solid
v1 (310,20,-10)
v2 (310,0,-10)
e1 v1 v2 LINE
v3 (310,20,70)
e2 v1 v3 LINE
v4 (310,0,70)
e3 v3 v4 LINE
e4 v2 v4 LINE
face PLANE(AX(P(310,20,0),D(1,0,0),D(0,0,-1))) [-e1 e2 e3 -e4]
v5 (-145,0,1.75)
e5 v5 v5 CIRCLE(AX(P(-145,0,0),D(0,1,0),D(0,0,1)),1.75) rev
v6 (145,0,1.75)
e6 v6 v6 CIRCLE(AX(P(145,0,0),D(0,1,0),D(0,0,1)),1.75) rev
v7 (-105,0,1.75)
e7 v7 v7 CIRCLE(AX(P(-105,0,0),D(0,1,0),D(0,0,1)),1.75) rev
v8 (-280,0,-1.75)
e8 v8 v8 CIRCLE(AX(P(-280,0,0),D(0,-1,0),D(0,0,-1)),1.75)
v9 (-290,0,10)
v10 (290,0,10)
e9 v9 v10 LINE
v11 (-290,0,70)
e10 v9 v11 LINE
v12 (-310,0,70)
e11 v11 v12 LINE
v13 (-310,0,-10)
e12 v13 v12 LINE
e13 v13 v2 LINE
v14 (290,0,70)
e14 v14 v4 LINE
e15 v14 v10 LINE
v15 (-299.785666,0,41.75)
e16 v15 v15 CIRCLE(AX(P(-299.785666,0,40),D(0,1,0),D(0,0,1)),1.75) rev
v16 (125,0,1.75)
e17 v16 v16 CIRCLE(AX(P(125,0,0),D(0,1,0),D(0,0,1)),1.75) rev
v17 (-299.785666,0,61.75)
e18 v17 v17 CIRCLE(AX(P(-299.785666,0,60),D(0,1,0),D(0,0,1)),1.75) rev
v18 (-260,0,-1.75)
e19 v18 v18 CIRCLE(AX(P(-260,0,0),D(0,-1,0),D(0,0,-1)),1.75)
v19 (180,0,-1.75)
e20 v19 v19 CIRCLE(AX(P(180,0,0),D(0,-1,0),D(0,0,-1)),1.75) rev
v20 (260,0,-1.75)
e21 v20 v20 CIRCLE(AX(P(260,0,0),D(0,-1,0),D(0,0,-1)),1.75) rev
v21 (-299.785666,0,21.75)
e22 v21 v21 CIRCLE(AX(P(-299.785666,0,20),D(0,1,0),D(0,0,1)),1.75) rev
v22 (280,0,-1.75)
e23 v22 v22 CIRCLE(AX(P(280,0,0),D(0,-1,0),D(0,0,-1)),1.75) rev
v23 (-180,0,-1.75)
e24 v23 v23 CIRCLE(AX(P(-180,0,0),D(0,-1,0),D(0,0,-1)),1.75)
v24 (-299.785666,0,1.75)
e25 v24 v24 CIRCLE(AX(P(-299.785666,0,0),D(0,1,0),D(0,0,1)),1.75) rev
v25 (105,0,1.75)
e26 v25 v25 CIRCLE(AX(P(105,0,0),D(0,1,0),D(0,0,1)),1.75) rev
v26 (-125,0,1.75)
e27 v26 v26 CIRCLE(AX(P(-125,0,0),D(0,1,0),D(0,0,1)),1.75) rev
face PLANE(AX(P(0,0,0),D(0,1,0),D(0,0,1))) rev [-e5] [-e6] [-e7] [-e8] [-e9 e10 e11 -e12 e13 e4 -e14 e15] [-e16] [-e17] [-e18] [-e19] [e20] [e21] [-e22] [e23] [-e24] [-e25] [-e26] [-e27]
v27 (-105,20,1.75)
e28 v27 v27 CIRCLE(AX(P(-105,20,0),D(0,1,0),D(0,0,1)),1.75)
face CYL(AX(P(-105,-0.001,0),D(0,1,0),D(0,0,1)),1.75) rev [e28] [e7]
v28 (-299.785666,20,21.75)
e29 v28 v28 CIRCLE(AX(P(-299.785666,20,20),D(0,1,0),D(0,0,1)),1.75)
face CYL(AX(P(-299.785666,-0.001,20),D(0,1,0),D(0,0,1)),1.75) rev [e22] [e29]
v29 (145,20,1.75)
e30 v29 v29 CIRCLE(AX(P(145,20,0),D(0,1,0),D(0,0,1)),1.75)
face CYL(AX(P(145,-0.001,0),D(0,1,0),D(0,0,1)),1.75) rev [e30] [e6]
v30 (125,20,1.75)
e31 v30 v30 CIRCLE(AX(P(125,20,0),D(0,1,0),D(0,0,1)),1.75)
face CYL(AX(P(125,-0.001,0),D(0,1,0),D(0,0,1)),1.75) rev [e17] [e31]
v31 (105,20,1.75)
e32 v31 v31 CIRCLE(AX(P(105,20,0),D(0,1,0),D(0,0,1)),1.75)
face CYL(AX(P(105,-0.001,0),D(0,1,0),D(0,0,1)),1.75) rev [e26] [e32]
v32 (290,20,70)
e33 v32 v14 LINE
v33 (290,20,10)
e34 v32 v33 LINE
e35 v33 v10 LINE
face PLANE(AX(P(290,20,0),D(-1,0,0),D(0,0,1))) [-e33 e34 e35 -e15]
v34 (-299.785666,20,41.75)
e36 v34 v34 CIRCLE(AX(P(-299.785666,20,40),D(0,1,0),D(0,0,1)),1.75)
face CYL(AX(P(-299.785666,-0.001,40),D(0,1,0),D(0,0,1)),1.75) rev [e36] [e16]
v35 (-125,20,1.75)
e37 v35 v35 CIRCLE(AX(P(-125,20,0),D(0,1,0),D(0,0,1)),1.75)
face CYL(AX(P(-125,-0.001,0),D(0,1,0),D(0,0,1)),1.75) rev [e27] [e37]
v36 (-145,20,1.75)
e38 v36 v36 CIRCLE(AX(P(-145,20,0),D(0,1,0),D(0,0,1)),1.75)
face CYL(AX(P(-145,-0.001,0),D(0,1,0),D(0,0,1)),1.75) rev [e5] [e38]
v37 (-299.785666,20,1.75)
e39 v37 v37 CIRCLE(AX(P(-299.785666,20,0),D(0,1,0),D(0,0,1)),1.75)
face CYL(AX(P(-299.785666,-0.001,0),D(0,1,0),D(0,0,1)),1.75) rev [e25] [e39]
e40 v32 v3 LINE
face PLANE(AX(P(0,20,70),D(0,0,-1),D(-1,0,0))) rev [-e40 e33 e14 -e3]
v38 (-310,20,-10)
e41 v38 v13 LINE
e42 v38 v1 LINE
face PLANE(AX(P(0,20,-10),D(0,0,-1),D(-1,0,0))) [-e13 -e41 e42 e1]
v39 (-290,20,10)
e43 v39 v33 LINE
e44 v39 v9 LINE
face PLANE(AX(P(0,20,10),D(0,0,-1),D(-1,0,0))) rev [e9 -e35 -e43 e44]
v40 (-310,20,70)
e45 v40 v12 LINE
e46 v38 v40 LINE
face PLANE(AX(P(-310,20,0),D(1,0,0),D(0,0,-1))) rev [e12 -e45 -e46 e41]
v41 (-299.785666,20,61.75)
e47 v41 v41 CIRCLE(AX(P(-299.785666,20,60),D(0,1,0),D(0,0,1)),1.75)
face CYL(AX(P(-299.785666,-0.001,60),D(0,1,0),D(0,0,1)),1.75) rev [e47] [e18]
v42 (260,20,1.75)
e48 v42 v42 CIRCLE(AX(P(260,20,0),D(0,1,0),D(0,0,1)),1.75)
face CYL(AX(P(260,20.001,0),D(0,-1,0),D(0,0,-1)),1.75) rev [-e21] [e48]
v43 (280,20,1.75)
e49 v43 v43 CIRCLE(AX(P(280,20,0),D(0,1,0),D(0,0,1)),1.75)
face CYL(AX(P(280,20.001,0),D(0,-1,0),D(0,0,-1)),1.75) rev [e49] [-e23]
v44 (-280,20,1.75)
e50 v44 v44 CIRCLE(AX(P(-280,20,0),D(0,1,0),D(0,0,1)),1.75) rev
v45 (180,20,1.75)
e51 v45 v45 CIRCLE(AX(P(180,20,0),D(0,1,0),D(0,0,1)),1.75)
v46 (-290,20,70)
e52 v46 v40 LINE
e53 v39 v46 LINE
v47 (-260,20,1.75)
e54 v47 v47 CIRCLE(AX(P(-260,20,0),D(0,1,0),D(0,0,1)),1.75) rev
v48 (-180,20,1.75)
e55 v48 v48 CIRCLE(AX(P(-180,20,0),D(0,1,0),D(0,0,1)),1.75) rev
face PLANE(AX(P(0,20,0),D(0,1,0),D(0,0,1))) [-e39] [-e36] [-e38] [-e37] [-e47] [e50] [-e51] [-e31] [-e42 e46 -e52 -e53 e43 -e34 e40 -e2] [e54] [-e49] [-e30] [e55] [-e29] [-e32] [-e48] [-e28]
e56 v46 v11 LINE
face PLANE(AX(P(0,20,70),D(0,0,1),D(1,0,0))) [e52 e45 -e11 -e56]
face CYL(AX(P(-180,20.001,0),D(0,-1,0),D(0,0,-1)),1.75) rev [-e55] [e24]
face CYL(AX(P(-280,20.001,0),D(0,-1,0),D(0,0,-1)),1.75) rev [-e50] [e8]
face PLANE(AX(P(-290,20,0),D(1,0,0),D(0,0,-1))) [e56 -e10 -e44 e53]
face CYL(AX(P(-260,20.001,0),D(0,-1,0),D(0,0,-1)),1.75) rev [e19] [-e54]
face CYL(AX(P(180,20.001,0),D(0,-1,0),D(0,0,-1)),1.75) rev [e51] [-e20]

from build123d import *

# Parameters (mm, degrees)
SKETCH_1_W          = 580
SKETCH_1_H          = 20
EXTRUDE_1_DEPTH     = 20
CUT_EXTRUDE_1_REACH = 320.434
SKETCH_2_R          = 1.75
CUT_EXTRUDE_2_REACH = 320.434
SKETCH_4_R          = 1.75
CUT_EXTRUDE_3_REACH = 320.434
SKETCH_3_R          = 1.75


with BuildPart() as part:
    # 草图1 → 凸台-拉伸1 (new body)
    with BuildSketch(Plane(origin=(0, 0, 0), x_dir=(1, 0, 0), z_dir=(0, 1, 0))):
        Rectangle(SKETCH_1_W, SKETCH_1_H)
        Polygon((-290, -70), (-290, -10), (-290, 10), (-310, 10), (-310, -70), align=None)
        Polygon((290, 10), (290, -10), (290, -70), (310, -70), (310, 10), align=None)
    extrude(amount=EXTRUDE_1_DEPTH)

    # 草图2 → 切除-拉伸1 (cut, up to next)
    with BuildSketch(Plane(origin=(0, 20, 0), x_dir=(1, 0, 0), z_dir=(0, 1, 0)), mode=Mode.PRIVATE) as cut_extrude_1_sk1:
        with Locations(Location((-299.785666285, -40, 0), (0, 0, 270))):
            Circle(SKETCH_2_R)
    cut_extrude_1_tool1 = extrude(cut_extrude_1_sk1.sketch, amount=-CUT_EXTRUDE_1_REACH, mode=Mode.PRIVATE) & part.part
    # 草图2 → 切除-拉伸1 (cut, up to next)
    with BuildSketch(Plane(origin=(0, 20, 0), x_dir=(1, 0, 0), z_dir=(0, 1, 0)), mode=Mode.PRIVATE) as cut_extrude_1_sk2:
        with Locations(Location((-299.785666285, -60, 0), (0, 0, 270))):
            Circle(SKETCH_2_R)
    cut_extrude_1_tool2 = extrude(cut_extrude_1_sk2.sketch, amount=-CUT_EXTRUDE_1_REACH, mode=Mode.PRIVATE) & part.part
    # 草图2 → 切除-拉伸1 (cut, up to next)
    with BuildSketch(Plane(origin=(0, 20, 0), x_dir=(1, 0, 0), z_dir=(0, 1, 0)), mode=Mode.PRIVATE) as cut_extrude_1_sk3:
        with Locations(Location((-299.785666285, -20, 0), (0, 0, 270))):
            Circle(SKETCH_2_R)
    cut_extrude_1_tool3 = extrude(cut_extrude_1_sk3.sketch, amount=-CUT_EXTRUDE_1_REACH, mode=Mode.PRIVATE) & part.part
    # 草图2 → 切除-拉伸1 (cut, up to next)
    with BuildSketch(Plane(origin=(0, 20, 0), x_dir=(1, 0, 0), z_dir=(0, 1, 0)), mode=Mode.PRIVATE) as cut_extrude_1_sk4:
        with Locations(Location((-299.785666285, 0, 0), (0, 0, 270))):
            Circle(SKETCH_2_R)
    cut_extrude_1_tool4 = extrude(cut_extrude_1_sk4.sketch, amount=-CUT_EXTRUDE_1_REACH, mode=Mode.PRIVATE) & part.part
    add(cut_extrude_1_tool1.solids().sort_by_distance((-299.785666, 20, 40))[0], mode=Mode.SUBTRACT)
    add(cut_extrude_1_tool2.solids().sort_by_distance((-299.785666, 20, 60))[0], mode=Mode.SUBTRACT)
    add(cut_extrude_1_tool3.solids().sort_by_distance((-299.785666, 20, 20))[0], mode=Mode.SUBTRACT)
    add(cut_extrude_1_tool4.solids().sort_by_distance((-299.785666, 20, 0))[0], mode=Mode.SUBTRACT)

    # 草图4 → 切除-拉伸2 (cut, up to next)
    with BuildSketch(Plane(origin=(0, 20, 0), x_dir=(1, 0, 0), z_dir=(0, 1, 0)), mode=Mode.PRIVATE) as cut_extrude_2_sk1:
        with Locations(Location((-125, 0, 0), (0, 0, 270))):
            Circle(SKETCH_4_R)
    cut_extrude_2_tool1 = extrude(cut_extrude_2_sk1.sketch, amount=-CUT_EXTRUDE_2_REACH, mode=Mode.PRIVATE) & part.part
    # 草图4 → 切除-拉伸2 (cut, up to next)
    with BuildSketch(Plane(origin=(0, 20, 0), x_dir=(1, 0, 0), z_dir=(0, 1, 0)), mode=Mode.PRIVATE) as cut_extrude_2_sk2:
        with Locations(Location((-105, 0, 0), (0, 0, 270))):
            Circle(SKETCH_4_R)
    cut_extrude_2_tool2 = extrude(cut_extrude_2_sk2.sketch, amount=-CUT_EXTRUDE_2_REACH, mode=Mode.PRIVATE) & part.part
    # 草图4 → 切除-拉伸2 (cut, up to next)
    with BuildSketch(Plane(origin=(0, 20, 0), x_dir=(1, 0, 0), z_dir=(0, 1, 0)), mode=Mode.PRIVATE) as cut_extrude_2_sk3:
        with Locations(Location((-145, 0, 0), (0, 0, 270))):
            Circle(SKETCH_4_R)
    cut_extrude_2_tool3 = extrude(cut_extrude_2_sk3.sketch, amount=-CUT_EXTRUDE_2_REACH, mode=Mode.PRIVATE) & part.part
    # 草图4 → 切除-拉伸2 (cut, up to next)
    with BuildSketch(Plane(origin=(0, 20, 0), x_dir=(1, 0, 0), z_dir=(0, 1, 0)), mode=Mode.PRIVATE) as cut_extrude_2_sk4:
        with Locations(Location((105, 0, 0), (0, 0, 270))):
            Circle(SKETCH_4_R)
    cut_extrude_2_tool4 = extrude(cut_extrude_2_sk4.sketch, amount=-CUT_EXTRUDE_2_REACH, mode=Mode.PRIVATE) & part.part
    # 草图4 → 切除-拉伸2 (cut, up to next)
    with BuildSketch(Plane(origin=(0, 20, 0), x_dir=(1, 0, 0), z_dir=(0, 1, 0)), mode=Mode.PRIVATE) as cut_extrude_2_sk5:
        with Locations(Location((125, 0, 0), (0, 0, 270))):
            Circle(SKETCH_4_R)
    cut_extrude_2_tool5 = extrude(cut_extrude_2_sk5.sketch, amount=-CUT_EXTRUDE_2_REACH, mode=Mode.PRIVATE) & part.part
    # 草图4 → 切除-拉伸2 (cut, up to next)
    with BuildSketch(Plane(origin=(0, 20, 0), x_dir=(1, 0, 0), z_dir=(0, 1, 0)), mode=Mode.PRIVATE) as cut_extrude_2_sk6:
        with Locations(Location((145, 0, 0), (0, 0, 270))):
            Circle(SKETCH_4_R)
    cut_extrude_2_tool6 = extrude(cut_extrude_2_sk6.sketch, amount=-CUT_EXTRUDE_2_REACH, mode=Mode.PRIVATE) & part.part
    add(cut_extrude_2_tool1.solids().sort_by_distance((-125, 20, 0))[0], mode=Mode.SUBTRACT)
    add(cut_extrude_2_tool2.solids().sort_by_distance((-105, 20, 0))[0], mode=Mode.SUBTRACT)
    add(cut_extrude_2_tool3.solids().sort_by_distance((-145, 20, 0))[0], mode=Mode.SUBTRACT)
    add(cut_extrude_2_tool4.solids().sort_by_distance((105, 20, 0))[0], mode=Mode.SUBTRACT)
    add(cut_extrude_2_tool5.solids().sort_by_distance((125, 20, 0))[0], mode=Mode.SUBTRACT)
    add(cut_extrude_2_tool6.solids().sort_by_distance((145, 20, 0))[0], mode=Mode.SUBTRACT)

    # 草图3 → 切除-拉伸3 (cut, up to next)
    with BuildSketch(Plane.XZ, mode=Mode.PRIVATE) as cut_extrude_3_sk1:
        with Locations(Location((180, 0, 0), (0, 0, 270))):
            Circle(SKETCH_3_R)
    cut_extrude_3_tool1 = extrude(cut_extrude_3_sk1.sketch, amount=-CUT_EXTRUDE_3_REACH, mode=Mode.PRIVATE) & part.part
    # 草图3 → 切除-拉伸3 (cut, up to next)
    with BuildSketch(Plane.XZ, mode=Mode.PRIVATE) as cut_extrude_3_sk2:
        with Locations(Location((280, 0, 0), (0, 0, 270))):
            Circle(SKETCH_3_R)
    cut_extrude_3_tool2 = extrude(cut_extrude_3_sk2.sketch, amount=-CUT_EXTRUDE_3_REACH, mode=Mode.PRIVATE) & part.part
    # 草图3 → 切除-拉伸3 (cut, up to next)
    with BuildSketch(Plane.XZ, mode=Mode.PRIVATE) as cut_extrude_3_sk3:
        with Locations(Location((260, 0, 0), (0, 0, 270))):
            Circle(SKETCH_3_R)
    cut_extrude_3_tool3 = extrude(cut_extrude_3_sk3.sketch, amount=-CUT_EXTRUDE_3_REACH, mode=Mode.PRIVATE) & part.part
    # 草图3 → 切除-拉伸3 (cut, up to next)
    with BuildSketch(Plane.XZ, mode=Mode.PRIVATE) as cut_extrude_3_sk4:
        with Locations(Location((-280, 0, 0), (0, 0, 270))):
            Circle(SKETCH_3_R)
    cut_extrude_3_tool4 = extrude(cut_extrude_3_sk4.sketch, amount=-CUT_EXTRUDE_3_REACH, mode=Mode.PRIVATE) & part.part
    # 草图3 → 切除-拉伸3 (cut, up to next)
    with BuildSketch(Plane.XZ, mode=Mode.PRIVATE) as cut_extrude_3_sk5:
        with Locations(Location((-260, 0, 0), (0, 0, 270))):
            Circle(SKETCH_3_R)
    cut_extrude_3_tool5 = extrude(cut_extrude_3_sk5.sketch, amount=-CUT_EXTRUDE_3_REACH, mode=Mode.PRIVATE) & part.part
    # 草图3 → 切除-拉伸3 (cut, up to next)
    with BuildSketch(Plane.XZ, mode=Mode.PRIVATE) as cut_extrude_3_sk6:
        with Locations(Location((-180, 0, 0), (0, 0, 270))):
            Circle(SKETCH_3_R)
    cut_extrude_3_tool6 = extrude(cut_extrude_3_sk6.sketch, amount=-CUT_EXTRUDE_3_REACH, mode=Mode.PRIVATE) & part.part
    add(cut_extrude_3_tool1.solids().sort_by_distance((180, 0, 0))[0], mode=Mode.SUBTRACT)
    add(cut_extrude_3_tool2.solids().sort_by_distance((280, 0, 0))[0], mode=Mode.SUBTRACT)
    add(cut_extrude_3_tool3.solids().sort_by_distance((260, 0, 0))[0], mode=Mode.SUBTRACT)
    add(cut_extrude_3_tool4.solids().sort_by_distance((-280, 0, 0))[0], mode=Mode.SUBTRACT)
    add(cut_extrude_3_tool5.solids().sort_by_distance((-260, 0, 0))[0], mode=Mode.SUBTRACT)
    add(cut_extrude_3_tool6.solids().sort_by_distance((-180, 0, 0))[0], mode=Mode.SUBTRACT)


solid = part.part
